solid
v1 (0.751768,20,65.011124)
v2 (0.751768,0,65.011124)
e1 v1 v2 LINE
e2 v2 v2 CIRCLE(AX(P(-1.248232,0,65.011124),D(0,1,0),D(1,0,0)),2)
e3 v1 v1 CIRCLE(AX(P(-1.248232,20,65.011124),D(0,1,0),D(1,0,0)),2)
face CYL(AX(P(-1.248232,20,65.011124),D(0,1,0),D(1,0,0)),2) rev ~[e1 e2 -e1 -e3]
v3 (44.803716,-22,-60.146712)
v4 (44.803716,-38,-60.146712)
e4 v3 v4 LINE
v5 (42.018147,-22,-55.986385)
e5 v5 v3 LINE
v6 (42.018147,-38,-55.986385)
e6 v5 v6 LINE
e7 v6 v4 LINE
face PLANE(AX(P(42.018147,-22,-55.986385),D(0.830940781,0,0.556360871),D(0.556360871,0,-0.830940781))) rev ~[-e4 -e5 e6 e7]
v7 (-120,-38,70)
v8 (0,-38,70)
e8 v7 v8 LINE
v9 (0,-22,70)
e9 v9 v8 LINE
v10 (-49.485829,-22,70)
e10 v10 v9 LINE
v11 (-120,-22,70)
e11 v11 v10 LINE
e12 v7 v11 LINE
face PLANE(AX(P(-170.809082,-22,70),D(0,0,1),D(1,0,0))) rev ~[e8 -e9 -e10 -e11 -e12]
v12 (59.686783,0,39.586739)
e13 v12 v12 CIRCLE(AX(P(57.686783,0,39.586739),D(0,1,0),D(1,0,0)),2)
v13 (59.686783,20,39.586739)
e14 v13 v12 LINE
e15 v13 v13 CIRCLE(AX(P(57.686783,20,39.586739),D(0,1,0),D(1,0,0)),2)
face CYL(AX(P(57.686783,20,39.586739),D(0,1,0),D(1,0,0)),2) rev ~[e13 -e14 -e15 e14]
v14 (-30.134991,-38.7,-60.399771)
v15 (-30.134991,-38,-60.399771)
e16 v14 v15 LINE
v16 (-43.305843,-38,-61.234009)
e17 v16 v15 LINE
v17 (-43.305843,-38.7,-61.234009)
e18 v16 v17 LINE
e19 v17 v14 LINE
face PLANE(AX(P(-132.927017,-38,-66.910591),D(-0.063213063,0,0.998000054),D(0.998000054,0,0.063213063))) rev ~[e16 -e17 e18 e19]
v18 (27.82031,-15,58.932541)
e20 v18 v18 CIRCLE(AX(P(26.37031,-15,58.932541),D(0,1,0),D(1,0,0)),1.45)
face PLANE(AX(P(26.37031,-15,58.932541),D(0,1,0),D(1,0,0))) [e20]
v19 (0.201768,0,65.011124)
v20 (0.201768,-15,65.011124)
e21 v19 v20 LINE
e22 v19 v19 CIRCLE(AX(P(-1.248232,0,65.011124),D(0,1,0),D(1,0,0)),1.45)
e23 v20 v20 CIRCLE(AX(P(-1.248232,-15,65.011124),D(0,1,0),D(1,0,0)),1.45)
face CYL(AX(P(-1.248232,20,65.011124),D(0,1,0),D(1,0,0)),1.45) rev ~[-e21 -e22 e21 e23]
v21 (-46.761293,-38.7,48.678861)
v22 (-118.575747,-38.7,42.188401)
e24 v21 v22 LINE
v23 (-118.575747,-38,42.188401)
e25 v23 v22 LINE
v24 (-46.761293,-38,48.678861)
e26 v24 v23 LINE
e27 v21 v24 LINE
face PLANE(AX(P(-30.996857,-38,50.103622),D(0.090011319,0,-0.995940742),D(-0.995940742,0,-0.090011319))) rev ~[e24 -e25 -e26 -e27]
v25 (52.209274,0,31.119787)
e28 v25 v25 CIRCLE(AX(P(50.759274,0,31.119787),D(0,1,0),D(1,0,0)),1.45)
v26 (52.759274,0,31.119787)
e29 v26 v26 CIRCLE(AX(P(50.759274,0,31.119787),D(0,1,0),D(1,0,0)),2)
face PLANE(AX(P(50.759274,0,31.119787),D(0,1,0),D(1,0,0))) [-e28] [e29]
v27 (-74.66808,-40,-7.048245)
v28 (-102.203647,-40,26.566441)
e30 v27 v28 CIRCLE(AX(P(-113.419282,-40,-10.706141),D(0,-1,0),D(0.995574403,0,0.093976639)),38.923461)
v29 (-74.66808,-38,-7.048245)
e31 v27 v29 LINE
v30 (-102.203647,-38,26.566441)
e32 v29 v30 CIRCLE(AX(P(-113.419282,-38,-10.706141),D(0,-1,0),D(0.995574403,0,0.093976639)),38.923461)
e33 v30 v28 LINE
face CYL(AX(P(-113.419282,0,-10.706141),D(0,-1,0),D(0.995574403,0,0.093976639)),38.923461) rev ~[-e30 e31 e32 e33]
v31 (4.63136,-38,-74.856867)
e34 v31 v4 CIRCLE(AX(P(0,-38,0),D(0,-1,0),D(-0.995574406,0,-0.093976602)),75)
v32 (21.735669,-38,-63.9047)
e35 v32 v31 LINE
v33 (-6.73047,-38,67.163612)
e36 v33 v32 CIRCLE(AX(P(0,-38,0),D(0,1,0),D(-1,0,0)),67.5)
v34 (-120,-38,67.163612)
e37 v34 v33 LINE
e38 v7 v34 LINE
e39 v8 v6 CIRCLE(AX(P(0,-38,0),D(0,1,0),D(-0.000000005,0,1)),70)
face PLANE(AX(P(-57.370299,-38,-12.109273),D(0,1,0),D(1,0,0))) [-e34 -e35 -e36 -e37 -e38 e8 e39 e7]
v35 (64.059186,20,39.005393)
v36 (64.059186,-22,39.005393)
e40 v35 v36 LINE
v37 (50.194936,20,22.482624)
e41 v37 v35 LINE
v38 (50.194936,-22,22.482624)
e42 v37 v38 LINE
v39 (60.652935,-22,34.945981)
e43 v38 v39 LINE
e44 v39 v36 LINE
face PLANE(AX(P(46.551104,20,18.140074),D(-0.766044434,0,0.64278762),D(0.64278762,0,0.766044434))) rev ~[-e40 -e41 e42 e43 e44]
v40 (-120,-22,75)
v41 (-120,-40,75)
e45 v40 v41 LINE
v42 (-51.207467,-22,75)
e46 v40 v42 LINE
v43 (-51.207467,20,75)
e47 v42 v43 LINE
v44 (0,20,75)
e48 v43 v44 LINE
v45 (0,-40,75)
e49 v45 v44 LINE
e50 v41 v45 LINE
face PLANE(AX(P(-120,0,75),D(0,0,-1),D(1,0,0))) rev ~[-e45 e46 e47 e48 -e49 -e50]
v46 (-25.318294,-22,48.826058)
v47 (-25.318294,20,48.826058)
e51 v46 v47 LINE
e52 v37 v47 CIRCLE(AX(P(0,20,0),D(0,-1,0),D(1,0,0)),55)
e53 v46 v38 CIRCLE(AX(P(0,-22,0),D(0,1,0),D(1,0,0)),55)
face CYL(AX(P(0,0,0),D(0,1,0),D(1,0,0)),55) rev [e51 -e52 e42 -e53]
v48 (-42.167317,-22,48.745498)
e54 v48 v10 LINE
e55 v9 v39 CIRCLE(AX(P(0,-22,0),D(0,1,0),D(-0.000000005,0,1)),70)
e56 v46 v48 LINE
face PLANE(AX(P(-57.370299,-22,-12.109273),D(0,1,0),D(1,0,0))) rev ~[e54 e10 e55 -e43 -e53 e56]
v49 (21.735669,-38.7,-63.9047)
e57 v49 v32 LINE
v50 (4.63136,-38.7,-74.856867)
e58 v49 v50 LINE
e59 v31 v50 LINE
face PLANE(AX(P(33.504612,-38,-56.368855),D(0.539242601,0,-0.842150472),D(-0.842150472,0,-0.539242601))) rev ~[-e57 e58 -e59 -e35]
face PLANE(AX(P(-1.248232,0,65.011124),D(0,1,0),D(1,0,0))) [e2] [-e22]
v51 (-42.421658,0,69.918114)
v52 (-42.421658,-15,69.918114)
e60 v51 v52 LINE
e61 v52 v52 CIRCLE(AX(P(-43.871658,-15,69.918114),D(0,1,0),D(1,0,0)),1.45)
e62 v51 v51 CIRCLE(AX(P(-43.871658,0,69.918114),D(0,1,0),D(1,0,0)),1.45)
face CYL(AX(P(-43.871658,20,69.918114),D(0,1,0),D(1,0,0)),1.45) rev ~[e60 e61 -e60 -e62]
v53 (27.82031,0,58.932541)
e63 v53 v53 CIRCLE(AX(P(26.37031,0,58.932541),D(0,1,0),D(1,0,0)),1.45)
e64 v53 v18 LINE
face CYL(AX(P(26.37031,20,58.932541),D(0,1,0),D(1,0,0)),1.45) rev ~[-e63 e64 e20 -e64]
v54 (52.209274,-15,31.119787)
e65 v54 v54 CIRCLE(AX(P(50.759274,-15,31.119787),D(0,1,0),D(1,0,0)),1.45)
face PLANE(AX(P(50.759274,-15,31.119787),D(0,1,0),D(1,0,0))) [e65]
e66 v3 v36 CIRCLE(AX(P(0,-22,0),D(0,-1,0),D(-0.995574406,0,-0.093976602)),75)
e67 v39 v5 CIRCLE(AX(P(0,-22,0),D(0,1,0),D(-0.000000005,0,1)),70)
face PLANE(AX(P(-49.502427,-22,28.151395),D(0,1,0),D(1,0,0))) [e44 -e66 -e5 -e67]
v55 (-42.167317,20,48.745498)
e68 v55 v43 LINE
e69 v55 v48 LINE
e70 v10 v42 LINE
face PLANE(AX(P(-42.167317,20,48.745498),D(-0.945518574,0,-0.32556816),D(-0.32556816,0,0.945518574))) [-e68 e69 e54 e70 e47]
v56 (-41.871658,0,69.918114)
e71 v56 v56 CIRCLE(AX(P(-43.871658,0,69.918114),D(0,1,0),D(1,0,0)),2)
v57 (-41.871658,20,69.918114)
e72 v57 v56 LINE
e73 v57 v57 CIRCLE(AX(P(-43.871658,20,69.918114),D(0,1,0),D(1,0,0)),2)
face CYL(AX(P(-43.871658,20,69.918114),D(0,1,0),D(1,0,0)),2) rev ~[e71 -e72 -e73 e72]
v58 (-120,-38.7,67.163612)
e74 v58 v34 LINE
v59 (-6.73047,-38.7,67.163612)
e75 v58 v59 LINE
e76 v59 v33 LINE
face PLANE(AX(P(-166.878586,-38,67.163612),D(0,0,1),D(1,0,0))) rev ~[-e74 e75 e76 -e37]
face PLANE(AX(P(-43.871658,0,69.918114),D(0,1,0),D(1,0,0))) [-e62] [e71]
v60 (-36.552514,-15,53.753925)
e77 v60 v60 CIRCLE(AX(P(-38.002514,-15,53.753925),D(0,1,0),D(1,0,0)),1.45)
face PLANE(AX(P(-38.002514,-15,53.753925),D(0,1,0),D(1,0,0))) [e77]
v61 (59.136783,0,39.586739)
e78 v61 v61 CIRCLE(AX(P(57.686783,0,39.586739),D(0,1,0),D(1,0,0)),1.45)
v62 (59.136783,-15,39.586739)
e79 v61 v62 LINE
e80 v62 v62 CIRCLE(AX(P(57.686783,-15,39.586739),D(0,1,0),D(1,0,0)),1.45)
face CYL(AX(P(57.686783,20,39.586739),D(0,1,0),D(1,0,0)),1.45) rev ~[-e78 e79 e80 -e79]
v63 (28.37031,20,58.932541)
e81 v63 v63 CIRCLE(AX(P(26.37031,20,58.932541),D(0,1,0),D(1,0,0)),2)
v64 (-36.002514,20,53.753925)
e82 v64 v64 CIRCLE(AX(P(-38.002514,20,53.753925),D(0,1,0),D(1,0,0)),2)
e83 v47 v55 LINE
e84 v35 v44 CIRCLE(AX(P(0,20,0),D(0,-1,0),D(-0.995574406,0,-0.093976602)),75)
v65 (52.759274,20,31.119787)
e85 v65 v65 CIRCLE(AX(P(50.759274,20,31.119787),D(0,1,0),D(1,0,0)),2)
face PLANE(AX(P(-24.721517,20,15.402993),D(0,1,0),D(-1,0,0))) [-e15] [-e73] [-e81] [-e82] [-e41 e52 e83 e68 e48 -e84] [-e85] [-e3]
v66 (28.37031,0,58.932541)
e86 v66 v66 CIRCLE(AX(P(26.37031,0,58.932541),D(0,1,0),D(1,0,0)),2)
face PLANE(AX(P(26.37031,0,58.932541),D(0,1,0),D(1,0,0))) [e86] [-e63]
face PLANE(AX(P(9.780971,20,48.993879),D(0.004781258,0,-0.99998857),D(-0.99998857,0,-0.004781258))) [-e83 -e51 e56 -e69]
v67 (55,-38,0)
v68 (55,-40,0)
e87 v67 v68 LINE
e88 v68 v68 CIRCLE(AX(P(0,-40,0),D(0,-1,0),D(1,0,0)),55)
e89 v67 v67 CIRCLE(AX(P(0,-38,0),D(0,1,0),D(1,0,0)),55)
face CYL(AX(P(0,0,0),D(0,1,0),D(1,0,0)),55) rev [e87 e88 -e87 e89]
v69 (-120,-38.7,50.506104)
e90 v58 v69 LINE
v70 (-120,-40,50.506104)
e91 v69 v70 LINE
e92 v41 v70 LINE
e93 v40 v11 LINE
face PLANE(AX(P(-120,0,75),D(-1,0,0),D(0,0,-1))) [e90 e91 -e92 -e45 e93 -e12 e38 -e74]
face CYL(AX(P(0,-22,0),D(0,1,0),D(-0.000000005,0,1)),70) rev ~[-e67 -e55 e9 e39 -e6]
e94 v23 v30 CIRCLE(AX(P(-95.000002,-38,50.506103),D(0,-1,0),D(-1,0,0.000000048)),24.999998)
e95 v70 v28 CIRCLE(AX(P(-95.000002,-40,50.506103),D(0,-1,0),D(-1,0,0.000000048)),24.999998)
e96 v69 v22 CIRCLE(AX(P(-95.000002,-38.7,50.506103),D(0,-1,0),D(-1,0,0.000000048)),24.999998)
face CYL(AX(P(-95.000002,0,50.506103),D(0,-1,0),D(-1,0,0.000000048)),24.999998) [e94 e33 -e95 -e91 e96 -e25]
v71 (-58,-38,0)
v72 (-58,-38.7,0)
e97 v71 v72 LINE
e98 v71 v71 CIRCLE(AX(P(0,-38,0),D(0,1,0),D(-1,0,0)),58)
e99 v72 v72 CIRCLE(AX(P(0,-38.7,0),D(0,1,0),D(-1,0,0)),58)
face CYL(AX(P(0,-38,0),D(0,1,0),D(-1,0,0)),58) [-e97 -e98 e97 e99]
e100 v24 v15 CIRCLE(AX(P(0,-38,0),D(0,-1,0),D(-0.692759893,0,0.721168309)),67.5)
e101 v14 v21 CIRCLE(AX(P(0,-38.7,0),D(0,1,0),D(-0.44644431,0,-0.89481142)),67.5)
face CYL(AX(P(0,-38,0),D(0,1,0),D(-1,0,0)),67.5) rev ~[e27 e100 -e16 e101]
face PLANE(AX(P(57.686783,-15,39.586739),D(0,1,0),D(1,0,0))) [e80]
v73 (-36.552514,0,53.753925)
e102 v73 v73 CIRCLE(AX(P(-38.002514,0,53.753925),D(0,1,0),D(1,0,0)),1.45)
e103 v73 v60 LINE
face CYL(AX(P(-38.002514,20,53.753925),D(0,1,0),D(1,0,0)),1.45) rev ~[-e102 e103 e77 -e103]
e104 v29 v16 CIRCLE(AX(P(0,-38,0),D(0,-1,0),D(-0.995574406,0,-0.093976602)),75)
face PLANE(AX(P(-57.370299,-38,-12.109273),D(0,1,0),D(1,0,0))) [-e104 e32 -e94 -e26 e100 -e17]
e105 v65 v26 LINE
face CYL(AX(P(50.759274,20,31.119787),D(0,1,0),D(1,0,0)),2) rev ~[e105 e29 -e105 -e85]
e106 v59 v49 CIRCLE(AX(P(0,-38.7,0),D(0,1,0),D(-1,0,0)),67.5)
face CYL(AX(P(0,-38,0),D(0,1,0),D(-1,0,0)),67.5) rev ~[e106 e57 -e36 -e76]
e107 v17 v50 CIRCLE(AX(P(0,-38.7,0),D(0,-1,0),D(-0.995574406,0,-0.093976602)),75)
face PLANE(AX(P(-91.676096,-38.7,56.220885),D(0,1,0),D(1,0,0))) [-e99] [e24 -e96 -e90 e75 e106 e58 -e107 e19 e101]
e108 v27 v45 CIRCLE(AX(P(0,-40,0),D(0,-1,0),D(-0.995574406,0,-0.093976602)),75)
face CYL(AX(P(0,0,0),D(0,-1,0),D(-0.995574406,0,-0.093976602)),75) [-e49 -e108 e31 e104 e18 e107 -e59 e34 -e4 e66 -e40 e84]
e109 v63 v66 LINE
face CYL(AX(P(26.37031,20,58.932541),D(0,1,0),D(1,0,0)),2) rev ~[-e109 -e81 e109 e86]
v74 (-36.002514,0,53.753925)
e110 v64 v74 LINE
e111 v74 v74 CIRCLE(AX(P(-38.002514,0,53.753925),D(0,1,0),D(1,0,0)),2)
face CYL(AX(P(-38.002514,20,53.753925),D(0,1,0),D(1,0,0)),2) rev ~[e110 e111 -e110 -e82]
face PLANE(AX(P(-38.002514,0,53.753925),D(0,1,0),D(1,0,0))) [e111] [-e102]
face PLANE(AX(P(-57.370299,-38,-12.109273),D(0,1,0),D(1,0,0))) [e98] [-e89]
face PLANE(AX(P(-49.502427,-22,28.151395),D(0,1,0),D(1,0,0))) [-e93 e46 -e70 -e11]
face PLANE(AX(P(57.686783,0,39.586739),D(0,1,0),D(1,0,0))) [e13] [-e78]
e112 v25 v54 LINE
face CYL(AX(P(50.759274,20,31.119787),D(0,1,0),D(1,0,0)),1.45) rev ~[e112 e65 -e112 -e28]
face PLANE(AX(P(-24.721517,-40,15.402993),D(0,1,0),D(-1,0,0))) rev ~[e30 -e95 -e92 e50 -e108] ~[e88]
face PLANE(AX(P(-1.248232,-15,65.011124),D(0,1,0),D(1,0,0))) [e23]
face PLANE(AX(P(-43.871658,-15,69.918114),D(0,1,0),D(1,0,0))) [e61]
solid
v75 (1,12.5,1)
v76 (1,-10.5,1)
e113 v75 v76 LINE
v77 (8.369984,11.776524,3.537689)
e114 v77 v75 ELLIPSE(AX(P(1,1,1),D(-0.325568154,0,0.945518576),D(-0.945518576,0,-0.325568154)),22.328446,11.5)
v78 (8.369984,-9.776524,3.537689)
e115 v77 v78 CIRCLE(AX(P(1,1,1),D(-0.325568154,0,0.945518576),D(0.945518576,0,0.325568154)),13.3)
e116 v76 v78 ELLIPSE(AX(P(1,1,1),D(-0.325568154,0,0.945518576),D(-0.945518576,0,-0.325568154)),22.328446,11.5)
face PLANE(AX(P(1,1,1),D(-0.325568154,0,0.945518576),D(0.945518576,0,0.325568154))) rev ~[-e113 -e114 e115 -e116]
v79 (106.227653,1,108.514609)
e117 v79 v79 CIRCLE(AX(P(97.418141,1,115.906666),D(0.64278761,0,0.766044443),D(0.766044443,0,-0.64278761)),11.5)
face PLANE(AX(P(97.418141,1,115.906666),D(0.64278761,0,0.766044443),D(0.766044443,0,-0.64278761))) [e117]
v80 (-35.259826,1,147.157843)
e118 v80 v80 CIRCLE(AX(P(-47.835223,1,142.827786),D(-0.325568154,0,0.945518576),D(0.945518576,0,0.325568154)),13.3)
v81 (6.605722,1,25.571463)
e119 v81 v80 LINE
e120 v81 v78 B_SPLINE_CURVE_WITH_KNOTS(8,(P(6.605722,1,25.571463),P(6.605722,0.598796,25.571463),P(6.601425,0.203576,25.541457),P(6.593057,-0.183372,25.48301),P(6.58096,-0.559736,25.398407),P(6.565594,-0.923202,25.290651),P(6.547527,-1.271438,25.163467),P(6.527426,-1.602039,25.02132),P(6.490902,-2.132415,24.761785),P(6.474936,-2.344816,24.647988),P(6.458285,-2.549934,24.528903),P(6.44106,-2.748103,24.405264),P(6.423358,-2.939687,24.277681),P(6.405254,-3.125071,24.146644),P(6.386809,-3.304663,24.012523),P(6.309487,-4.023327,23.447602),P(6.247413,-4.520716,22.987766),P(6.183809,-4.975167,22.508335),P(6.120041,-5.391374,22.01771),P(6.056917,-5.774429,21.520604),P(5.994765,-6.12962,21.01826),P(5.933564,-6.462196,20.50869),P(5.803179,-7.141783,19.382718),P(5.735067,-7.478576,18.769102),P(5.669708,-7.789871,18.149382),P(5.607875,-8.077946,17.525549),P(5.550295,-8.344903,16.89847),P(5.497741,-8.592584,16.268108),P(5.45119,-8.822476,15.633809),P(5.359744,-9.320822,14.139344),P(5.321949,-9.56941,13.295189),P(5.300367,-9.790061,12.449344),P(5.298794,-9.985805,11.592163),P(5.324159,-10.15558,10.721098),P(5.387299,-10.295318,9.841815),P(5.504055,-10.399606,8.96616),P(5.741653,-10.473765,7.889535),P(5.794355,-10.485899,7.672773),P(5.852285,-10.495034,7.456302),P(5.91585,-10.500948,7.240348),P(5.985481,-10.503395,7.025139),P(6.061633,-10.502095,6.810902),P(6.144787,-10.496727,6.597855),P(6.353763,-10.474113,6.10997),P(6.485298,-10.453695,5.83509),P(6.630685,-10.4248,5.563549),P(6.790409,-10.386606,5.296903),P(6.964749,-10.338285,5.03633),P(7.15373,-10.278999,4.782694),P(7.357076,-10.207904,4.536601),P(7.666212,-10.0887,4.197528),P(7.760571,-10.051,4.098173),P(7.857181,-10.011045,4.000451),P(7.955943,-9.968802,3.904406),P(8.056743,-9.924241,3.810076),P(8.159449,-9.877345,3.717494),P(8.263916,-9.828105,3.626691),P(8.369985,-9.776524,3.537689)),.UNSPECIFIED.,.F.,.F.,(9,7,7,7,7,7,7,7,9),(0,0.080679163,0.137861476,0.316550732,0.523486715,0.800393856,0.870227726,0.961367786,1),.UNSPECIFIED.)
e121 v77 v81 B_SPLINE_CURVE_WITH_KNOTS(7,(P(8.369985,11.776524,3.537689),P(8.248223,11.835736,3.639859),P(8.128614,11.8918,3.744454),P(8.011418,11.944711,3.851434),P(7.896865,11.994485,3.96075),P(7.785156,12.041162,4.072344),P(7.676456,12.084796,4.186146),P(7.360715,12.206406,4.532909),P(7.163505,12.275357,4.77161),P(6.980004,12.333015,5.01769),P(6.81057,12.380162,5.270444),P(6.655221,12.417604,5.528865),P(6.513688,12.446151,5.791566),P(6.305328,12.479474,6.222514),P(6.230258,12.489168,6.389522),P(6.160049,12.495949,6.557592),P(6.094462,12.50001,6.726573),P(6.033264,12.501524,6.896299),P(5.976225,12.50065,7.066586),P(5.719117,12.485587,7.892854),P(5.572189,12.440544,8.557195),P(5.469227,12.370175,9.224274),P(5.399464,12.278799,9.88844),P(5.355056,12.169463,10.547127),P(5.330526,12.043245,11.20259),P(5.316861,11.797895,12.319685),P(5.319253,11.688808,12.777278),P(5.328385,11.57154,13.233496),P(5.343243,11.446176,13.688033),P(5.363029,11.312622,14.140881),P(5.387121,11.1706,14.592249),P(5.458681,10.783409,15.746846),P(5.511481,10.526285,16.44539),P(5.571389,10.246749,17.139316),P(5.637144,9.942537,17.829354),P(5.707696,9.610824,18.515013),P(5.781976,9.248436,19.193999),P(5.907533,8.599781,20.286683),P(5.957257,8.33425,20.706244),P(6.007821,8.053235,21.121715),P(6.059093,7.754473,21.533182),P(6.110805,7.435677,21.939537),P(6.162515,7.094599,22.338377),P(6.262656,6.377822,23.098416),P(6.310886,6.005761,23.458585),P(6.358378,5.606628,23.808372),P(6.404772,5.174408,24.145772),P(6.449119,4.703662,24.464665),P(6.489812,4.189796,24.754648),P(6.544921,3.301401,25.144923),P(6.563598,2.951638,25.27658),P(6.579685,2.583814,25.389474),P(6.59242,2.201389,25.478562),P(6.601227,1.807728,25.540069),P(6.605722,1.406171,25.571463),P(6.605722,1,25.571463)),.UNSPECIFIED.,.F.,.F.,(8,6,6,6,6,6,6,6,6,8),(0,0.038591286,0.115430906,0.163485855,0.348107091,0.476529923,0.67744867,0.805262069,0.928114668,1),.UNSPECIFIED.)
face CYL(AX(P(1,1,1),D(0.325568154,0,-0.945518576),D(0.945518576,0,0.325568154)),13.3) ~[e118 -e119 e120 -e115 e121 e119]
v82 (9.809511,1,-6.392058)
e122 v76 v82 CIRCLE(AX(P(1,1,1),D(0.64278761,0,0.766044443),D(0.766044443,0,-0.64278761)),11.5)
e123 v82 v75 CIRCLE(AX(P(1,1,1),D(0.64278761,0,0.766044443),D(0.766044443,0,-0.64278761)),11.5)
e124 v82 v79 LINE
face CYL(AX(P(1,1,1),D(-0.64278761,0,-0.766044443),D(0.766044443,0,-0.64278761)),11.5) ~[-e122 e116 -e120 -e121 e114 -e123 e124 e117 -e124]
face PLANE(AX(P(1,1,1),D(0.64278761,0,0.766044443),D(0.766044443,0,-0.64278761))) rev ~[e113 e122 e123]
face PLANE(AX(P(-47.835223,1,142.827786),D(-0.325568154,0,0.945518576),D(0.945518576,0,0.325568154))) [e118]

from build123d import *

# Parameters (mm, degrees)
SKETCH_R                    = 55
PAD_DEPTH                   = 40
PAD_DEPTH_BACK              = 20
POCKET_DEPTH                = 42
POCKET001_DEPTH             = 16
SKETCH004_R                 = 67.5
SKETCH004_R_2               = 58
POCKET002_DEPTH             = 0.7
POCKET003_DEPTH             = 0.7
SKETCH006_R                 = 1.45
POCKET004_DEPTH             = 35
SKETCH007_R                 = 2
POCKET005_DEPTH             = 20
CYLINDER001_R               = 13.3
CYLINDER001_DEPTH           = 150
CYLINDER001_PLACEMENT_ANGLE = 341
CYLINDER_R                  = 11.5
CYLINDER_DEPTH              = 150
CYLINDER_PLACEMENT_ANGLE    = 40


with BuildPart() as body:
    # Sketch → Pad (new body, two sides)
    with BuildSketch(Plane.XZ) as pad_sk:
        with BuildLine():
            Line((-120, 75), (0, 75))
            ThreePointArc((-74.66808, -7.048245), (55.468993, -50.479608), (0, 75))
            ThreePointArc((-74.66808, -7.048245), (-83.30852, 13.959176), (-102.203647, 26.566441))
            ThreePointArc((-120, 50.506104), (-115.063539, 35.591198), (-102.203647, 26.566441))
            Line((-120, 75), (-120, 50.506104))
        make_face()
        Circle(SKETCH_R, mode=Mode.SUBTRACT)
    extrude(amount=PAD_DEPTH)
    extrude(pad_sk.sketch, amount=-PAD_DEPTH_BACK)

    # Sketch001 (on Face7 of Pad) → Pocket (cut)
    with BuildSketch(Plane(origin=(0, 20, 0), x_dir=(1, 0, 0), z_dir=(0, 1, 0))):
        with BuildLine():
            Line((46.551104, -18.140074), (74.636799, -51.611301))
            ThreePointArc((74.636799, -51.611301), (27.033088, 86.623267), (-90.743475, 0))
            Line((-211.758942, -108.831918), (-90.743475, 0))
            Line((-62.856731, -108.831918), (-211.758942, -108.831918))
            Line((-42.167317, -48.745498), (-62.856731, -108.831918))
            Line((9.780971, -48.993879), (-42.167317, -48.745498))
            Line((46.551104, -18.140074), (9.780971, -48.993879))
        make_face()
    extrude(amount=-POCKET_DEPTH, mode=Mode.SUBTRACT)

    # Sketch003 (on Face2 of Pocket) → Pocket001 (cut)
    with BuildSketch(Plane(origin=(0, -22, 0), x_dir=(1, 0, 0), z_dir=(0, 1, 0))):
        with BuildLine():
            ThreePointArc((0, -70), (66.404243, -22.146705), (42.018147, 55.986385))
            Line((42.018147, 55.986385), (62.226624, 86.16832))
            Line((62.226624, 86.16832), (-170.809082, 86.16832))
            Line((-170.809082, 86.16832), (-170.809082, -70))
            Line((-170.809082, -70), (0, -70))
        make_face()
    extrude(amount=-POCKET001_DEPTH, mode=Mode.SUBTRACT)

    # Sketch004 → Pocket002 (cut)
    with BuildSketch(Plane(origin=(0, -38, 0), x_dir=(-1, 0, 0), z_dir=(0, 1, 0))):
        Circle(SKETCH004_R)
        Circle(SKETCH004_R_2, mode=Mode.SUBTRACT)
    extrude(amount=-POCKET002_DEPTH, mode=Mode.SUBTRACT)

    # Sketch005 (on Face14 of Pocket002) → Pocket003 (cut)
    with BuildSketch(Plane(origin=(0, -38, 0), x_dir=(1, 0, 0), z_dir=(0, 1, 0))):
        Polygon((-1.938341, -67.163612), (-30.996857, -50.103622), (-171.92012, -37.367233), (-166.878586, -67.163612), align=None)
        Polygon((33.504612, 56.368855), (-47.315361, 108.119194), (-132.927017, 66.910591), align=None)
    extrude(amount=-POCKET003_DEPTH, mode=Mode.SUBTRACT)

    # Sketch006 (on Face4 of Pocket003) → Pocket004 (cut)
    with BuildSketch(Plane(origin=(0, 20, 0), x_dir=(1, 0, 0), z_dir=(0, 1, 0))):
        with Locations((-38.002514, -53.753925)):
            Circle(SKETCH006_R)
        with Locations((-43.871658, -69.918114)):
            Circle(SKETCH006_R)
        with Locations((-1.248232, -65.011124)):
            Circle(SKETCH006_R)
        with Locations((26.37031, -58.932541)):
            Circle(SKETCH006_R)
        with Locations((50.759274, -31.119787)):
            Circle(SKETCH006_R)
        with Locations((57.686783, -39.586739)):
            Circle(SKETCH006_R)
    extrude(amount=-POCKET004_DEPTH, mode=Mode.SUBTRACT)

    # Sketch007 (on Face4 of Pocket004) → Pocket005 (cut)
    with BuildSketch(Plane(origin=(0, 20, 0), x_dir=(1, 0, 0), z_dir=(0, 1, 0))):
        with Locations((-38.002514, -53.753925)):
            Circle(SKETCH007_R)
        with Locations((-43.871658, -69.918114)):
            Circle(SKETCH007_R)
        with Locations((-1.248232, -65.011124)):
            Circle(SKETCH007_R)
        with Locations((26.37031, -58.932541)):
            Circle(SKETCH007_R)
        with Locations((50.759274, -31.119787)):
            Circle(SKETCH007_R)
        with Locations((57.686783, -39.586739)):
            Circle(SKETCH007_R)
    extrude(amount=-POCKET005_DEPTH, mode=Mode.SUBTRACT)


with BuildPart() as st:
    # Cylinder001 → Cylinder001 (new body)
    with BuildSketch(Plane.XY):
        Circle(CYLINDER001_R)
    extrude(amount=CYLINDER001_DEPTH)


with BuildPart() as st_1:
    # Cylinder001 placement: moved
    add(st.part.moved(Location((1, 1, 1))).rotate(Axis((1, 1, 1), (0, 1, 0)), CYLINDER001_PLACEMENT_ANGLE))


with BuildPart() as fusion:
    # Cylinder → Cylinder (new body)
    with BuildSketch(Plane.XY):
        Circle(CYLINDER_R)
    extrude(amount=CYLINDER_DEPTH)


with BuildPart() as fusion_1:
    # Cylinder placement: moved
    add(fusion.part.moved(Location((1, 1, 1))).rotate(Axis((1, 1, 1), (0, 1, 0)), CYLINDER_PLACEMENT_ANGLE))

    # Fusion: union ST
    add(st_1.part)


solid = Compound([body.part, fusion_1.part])
